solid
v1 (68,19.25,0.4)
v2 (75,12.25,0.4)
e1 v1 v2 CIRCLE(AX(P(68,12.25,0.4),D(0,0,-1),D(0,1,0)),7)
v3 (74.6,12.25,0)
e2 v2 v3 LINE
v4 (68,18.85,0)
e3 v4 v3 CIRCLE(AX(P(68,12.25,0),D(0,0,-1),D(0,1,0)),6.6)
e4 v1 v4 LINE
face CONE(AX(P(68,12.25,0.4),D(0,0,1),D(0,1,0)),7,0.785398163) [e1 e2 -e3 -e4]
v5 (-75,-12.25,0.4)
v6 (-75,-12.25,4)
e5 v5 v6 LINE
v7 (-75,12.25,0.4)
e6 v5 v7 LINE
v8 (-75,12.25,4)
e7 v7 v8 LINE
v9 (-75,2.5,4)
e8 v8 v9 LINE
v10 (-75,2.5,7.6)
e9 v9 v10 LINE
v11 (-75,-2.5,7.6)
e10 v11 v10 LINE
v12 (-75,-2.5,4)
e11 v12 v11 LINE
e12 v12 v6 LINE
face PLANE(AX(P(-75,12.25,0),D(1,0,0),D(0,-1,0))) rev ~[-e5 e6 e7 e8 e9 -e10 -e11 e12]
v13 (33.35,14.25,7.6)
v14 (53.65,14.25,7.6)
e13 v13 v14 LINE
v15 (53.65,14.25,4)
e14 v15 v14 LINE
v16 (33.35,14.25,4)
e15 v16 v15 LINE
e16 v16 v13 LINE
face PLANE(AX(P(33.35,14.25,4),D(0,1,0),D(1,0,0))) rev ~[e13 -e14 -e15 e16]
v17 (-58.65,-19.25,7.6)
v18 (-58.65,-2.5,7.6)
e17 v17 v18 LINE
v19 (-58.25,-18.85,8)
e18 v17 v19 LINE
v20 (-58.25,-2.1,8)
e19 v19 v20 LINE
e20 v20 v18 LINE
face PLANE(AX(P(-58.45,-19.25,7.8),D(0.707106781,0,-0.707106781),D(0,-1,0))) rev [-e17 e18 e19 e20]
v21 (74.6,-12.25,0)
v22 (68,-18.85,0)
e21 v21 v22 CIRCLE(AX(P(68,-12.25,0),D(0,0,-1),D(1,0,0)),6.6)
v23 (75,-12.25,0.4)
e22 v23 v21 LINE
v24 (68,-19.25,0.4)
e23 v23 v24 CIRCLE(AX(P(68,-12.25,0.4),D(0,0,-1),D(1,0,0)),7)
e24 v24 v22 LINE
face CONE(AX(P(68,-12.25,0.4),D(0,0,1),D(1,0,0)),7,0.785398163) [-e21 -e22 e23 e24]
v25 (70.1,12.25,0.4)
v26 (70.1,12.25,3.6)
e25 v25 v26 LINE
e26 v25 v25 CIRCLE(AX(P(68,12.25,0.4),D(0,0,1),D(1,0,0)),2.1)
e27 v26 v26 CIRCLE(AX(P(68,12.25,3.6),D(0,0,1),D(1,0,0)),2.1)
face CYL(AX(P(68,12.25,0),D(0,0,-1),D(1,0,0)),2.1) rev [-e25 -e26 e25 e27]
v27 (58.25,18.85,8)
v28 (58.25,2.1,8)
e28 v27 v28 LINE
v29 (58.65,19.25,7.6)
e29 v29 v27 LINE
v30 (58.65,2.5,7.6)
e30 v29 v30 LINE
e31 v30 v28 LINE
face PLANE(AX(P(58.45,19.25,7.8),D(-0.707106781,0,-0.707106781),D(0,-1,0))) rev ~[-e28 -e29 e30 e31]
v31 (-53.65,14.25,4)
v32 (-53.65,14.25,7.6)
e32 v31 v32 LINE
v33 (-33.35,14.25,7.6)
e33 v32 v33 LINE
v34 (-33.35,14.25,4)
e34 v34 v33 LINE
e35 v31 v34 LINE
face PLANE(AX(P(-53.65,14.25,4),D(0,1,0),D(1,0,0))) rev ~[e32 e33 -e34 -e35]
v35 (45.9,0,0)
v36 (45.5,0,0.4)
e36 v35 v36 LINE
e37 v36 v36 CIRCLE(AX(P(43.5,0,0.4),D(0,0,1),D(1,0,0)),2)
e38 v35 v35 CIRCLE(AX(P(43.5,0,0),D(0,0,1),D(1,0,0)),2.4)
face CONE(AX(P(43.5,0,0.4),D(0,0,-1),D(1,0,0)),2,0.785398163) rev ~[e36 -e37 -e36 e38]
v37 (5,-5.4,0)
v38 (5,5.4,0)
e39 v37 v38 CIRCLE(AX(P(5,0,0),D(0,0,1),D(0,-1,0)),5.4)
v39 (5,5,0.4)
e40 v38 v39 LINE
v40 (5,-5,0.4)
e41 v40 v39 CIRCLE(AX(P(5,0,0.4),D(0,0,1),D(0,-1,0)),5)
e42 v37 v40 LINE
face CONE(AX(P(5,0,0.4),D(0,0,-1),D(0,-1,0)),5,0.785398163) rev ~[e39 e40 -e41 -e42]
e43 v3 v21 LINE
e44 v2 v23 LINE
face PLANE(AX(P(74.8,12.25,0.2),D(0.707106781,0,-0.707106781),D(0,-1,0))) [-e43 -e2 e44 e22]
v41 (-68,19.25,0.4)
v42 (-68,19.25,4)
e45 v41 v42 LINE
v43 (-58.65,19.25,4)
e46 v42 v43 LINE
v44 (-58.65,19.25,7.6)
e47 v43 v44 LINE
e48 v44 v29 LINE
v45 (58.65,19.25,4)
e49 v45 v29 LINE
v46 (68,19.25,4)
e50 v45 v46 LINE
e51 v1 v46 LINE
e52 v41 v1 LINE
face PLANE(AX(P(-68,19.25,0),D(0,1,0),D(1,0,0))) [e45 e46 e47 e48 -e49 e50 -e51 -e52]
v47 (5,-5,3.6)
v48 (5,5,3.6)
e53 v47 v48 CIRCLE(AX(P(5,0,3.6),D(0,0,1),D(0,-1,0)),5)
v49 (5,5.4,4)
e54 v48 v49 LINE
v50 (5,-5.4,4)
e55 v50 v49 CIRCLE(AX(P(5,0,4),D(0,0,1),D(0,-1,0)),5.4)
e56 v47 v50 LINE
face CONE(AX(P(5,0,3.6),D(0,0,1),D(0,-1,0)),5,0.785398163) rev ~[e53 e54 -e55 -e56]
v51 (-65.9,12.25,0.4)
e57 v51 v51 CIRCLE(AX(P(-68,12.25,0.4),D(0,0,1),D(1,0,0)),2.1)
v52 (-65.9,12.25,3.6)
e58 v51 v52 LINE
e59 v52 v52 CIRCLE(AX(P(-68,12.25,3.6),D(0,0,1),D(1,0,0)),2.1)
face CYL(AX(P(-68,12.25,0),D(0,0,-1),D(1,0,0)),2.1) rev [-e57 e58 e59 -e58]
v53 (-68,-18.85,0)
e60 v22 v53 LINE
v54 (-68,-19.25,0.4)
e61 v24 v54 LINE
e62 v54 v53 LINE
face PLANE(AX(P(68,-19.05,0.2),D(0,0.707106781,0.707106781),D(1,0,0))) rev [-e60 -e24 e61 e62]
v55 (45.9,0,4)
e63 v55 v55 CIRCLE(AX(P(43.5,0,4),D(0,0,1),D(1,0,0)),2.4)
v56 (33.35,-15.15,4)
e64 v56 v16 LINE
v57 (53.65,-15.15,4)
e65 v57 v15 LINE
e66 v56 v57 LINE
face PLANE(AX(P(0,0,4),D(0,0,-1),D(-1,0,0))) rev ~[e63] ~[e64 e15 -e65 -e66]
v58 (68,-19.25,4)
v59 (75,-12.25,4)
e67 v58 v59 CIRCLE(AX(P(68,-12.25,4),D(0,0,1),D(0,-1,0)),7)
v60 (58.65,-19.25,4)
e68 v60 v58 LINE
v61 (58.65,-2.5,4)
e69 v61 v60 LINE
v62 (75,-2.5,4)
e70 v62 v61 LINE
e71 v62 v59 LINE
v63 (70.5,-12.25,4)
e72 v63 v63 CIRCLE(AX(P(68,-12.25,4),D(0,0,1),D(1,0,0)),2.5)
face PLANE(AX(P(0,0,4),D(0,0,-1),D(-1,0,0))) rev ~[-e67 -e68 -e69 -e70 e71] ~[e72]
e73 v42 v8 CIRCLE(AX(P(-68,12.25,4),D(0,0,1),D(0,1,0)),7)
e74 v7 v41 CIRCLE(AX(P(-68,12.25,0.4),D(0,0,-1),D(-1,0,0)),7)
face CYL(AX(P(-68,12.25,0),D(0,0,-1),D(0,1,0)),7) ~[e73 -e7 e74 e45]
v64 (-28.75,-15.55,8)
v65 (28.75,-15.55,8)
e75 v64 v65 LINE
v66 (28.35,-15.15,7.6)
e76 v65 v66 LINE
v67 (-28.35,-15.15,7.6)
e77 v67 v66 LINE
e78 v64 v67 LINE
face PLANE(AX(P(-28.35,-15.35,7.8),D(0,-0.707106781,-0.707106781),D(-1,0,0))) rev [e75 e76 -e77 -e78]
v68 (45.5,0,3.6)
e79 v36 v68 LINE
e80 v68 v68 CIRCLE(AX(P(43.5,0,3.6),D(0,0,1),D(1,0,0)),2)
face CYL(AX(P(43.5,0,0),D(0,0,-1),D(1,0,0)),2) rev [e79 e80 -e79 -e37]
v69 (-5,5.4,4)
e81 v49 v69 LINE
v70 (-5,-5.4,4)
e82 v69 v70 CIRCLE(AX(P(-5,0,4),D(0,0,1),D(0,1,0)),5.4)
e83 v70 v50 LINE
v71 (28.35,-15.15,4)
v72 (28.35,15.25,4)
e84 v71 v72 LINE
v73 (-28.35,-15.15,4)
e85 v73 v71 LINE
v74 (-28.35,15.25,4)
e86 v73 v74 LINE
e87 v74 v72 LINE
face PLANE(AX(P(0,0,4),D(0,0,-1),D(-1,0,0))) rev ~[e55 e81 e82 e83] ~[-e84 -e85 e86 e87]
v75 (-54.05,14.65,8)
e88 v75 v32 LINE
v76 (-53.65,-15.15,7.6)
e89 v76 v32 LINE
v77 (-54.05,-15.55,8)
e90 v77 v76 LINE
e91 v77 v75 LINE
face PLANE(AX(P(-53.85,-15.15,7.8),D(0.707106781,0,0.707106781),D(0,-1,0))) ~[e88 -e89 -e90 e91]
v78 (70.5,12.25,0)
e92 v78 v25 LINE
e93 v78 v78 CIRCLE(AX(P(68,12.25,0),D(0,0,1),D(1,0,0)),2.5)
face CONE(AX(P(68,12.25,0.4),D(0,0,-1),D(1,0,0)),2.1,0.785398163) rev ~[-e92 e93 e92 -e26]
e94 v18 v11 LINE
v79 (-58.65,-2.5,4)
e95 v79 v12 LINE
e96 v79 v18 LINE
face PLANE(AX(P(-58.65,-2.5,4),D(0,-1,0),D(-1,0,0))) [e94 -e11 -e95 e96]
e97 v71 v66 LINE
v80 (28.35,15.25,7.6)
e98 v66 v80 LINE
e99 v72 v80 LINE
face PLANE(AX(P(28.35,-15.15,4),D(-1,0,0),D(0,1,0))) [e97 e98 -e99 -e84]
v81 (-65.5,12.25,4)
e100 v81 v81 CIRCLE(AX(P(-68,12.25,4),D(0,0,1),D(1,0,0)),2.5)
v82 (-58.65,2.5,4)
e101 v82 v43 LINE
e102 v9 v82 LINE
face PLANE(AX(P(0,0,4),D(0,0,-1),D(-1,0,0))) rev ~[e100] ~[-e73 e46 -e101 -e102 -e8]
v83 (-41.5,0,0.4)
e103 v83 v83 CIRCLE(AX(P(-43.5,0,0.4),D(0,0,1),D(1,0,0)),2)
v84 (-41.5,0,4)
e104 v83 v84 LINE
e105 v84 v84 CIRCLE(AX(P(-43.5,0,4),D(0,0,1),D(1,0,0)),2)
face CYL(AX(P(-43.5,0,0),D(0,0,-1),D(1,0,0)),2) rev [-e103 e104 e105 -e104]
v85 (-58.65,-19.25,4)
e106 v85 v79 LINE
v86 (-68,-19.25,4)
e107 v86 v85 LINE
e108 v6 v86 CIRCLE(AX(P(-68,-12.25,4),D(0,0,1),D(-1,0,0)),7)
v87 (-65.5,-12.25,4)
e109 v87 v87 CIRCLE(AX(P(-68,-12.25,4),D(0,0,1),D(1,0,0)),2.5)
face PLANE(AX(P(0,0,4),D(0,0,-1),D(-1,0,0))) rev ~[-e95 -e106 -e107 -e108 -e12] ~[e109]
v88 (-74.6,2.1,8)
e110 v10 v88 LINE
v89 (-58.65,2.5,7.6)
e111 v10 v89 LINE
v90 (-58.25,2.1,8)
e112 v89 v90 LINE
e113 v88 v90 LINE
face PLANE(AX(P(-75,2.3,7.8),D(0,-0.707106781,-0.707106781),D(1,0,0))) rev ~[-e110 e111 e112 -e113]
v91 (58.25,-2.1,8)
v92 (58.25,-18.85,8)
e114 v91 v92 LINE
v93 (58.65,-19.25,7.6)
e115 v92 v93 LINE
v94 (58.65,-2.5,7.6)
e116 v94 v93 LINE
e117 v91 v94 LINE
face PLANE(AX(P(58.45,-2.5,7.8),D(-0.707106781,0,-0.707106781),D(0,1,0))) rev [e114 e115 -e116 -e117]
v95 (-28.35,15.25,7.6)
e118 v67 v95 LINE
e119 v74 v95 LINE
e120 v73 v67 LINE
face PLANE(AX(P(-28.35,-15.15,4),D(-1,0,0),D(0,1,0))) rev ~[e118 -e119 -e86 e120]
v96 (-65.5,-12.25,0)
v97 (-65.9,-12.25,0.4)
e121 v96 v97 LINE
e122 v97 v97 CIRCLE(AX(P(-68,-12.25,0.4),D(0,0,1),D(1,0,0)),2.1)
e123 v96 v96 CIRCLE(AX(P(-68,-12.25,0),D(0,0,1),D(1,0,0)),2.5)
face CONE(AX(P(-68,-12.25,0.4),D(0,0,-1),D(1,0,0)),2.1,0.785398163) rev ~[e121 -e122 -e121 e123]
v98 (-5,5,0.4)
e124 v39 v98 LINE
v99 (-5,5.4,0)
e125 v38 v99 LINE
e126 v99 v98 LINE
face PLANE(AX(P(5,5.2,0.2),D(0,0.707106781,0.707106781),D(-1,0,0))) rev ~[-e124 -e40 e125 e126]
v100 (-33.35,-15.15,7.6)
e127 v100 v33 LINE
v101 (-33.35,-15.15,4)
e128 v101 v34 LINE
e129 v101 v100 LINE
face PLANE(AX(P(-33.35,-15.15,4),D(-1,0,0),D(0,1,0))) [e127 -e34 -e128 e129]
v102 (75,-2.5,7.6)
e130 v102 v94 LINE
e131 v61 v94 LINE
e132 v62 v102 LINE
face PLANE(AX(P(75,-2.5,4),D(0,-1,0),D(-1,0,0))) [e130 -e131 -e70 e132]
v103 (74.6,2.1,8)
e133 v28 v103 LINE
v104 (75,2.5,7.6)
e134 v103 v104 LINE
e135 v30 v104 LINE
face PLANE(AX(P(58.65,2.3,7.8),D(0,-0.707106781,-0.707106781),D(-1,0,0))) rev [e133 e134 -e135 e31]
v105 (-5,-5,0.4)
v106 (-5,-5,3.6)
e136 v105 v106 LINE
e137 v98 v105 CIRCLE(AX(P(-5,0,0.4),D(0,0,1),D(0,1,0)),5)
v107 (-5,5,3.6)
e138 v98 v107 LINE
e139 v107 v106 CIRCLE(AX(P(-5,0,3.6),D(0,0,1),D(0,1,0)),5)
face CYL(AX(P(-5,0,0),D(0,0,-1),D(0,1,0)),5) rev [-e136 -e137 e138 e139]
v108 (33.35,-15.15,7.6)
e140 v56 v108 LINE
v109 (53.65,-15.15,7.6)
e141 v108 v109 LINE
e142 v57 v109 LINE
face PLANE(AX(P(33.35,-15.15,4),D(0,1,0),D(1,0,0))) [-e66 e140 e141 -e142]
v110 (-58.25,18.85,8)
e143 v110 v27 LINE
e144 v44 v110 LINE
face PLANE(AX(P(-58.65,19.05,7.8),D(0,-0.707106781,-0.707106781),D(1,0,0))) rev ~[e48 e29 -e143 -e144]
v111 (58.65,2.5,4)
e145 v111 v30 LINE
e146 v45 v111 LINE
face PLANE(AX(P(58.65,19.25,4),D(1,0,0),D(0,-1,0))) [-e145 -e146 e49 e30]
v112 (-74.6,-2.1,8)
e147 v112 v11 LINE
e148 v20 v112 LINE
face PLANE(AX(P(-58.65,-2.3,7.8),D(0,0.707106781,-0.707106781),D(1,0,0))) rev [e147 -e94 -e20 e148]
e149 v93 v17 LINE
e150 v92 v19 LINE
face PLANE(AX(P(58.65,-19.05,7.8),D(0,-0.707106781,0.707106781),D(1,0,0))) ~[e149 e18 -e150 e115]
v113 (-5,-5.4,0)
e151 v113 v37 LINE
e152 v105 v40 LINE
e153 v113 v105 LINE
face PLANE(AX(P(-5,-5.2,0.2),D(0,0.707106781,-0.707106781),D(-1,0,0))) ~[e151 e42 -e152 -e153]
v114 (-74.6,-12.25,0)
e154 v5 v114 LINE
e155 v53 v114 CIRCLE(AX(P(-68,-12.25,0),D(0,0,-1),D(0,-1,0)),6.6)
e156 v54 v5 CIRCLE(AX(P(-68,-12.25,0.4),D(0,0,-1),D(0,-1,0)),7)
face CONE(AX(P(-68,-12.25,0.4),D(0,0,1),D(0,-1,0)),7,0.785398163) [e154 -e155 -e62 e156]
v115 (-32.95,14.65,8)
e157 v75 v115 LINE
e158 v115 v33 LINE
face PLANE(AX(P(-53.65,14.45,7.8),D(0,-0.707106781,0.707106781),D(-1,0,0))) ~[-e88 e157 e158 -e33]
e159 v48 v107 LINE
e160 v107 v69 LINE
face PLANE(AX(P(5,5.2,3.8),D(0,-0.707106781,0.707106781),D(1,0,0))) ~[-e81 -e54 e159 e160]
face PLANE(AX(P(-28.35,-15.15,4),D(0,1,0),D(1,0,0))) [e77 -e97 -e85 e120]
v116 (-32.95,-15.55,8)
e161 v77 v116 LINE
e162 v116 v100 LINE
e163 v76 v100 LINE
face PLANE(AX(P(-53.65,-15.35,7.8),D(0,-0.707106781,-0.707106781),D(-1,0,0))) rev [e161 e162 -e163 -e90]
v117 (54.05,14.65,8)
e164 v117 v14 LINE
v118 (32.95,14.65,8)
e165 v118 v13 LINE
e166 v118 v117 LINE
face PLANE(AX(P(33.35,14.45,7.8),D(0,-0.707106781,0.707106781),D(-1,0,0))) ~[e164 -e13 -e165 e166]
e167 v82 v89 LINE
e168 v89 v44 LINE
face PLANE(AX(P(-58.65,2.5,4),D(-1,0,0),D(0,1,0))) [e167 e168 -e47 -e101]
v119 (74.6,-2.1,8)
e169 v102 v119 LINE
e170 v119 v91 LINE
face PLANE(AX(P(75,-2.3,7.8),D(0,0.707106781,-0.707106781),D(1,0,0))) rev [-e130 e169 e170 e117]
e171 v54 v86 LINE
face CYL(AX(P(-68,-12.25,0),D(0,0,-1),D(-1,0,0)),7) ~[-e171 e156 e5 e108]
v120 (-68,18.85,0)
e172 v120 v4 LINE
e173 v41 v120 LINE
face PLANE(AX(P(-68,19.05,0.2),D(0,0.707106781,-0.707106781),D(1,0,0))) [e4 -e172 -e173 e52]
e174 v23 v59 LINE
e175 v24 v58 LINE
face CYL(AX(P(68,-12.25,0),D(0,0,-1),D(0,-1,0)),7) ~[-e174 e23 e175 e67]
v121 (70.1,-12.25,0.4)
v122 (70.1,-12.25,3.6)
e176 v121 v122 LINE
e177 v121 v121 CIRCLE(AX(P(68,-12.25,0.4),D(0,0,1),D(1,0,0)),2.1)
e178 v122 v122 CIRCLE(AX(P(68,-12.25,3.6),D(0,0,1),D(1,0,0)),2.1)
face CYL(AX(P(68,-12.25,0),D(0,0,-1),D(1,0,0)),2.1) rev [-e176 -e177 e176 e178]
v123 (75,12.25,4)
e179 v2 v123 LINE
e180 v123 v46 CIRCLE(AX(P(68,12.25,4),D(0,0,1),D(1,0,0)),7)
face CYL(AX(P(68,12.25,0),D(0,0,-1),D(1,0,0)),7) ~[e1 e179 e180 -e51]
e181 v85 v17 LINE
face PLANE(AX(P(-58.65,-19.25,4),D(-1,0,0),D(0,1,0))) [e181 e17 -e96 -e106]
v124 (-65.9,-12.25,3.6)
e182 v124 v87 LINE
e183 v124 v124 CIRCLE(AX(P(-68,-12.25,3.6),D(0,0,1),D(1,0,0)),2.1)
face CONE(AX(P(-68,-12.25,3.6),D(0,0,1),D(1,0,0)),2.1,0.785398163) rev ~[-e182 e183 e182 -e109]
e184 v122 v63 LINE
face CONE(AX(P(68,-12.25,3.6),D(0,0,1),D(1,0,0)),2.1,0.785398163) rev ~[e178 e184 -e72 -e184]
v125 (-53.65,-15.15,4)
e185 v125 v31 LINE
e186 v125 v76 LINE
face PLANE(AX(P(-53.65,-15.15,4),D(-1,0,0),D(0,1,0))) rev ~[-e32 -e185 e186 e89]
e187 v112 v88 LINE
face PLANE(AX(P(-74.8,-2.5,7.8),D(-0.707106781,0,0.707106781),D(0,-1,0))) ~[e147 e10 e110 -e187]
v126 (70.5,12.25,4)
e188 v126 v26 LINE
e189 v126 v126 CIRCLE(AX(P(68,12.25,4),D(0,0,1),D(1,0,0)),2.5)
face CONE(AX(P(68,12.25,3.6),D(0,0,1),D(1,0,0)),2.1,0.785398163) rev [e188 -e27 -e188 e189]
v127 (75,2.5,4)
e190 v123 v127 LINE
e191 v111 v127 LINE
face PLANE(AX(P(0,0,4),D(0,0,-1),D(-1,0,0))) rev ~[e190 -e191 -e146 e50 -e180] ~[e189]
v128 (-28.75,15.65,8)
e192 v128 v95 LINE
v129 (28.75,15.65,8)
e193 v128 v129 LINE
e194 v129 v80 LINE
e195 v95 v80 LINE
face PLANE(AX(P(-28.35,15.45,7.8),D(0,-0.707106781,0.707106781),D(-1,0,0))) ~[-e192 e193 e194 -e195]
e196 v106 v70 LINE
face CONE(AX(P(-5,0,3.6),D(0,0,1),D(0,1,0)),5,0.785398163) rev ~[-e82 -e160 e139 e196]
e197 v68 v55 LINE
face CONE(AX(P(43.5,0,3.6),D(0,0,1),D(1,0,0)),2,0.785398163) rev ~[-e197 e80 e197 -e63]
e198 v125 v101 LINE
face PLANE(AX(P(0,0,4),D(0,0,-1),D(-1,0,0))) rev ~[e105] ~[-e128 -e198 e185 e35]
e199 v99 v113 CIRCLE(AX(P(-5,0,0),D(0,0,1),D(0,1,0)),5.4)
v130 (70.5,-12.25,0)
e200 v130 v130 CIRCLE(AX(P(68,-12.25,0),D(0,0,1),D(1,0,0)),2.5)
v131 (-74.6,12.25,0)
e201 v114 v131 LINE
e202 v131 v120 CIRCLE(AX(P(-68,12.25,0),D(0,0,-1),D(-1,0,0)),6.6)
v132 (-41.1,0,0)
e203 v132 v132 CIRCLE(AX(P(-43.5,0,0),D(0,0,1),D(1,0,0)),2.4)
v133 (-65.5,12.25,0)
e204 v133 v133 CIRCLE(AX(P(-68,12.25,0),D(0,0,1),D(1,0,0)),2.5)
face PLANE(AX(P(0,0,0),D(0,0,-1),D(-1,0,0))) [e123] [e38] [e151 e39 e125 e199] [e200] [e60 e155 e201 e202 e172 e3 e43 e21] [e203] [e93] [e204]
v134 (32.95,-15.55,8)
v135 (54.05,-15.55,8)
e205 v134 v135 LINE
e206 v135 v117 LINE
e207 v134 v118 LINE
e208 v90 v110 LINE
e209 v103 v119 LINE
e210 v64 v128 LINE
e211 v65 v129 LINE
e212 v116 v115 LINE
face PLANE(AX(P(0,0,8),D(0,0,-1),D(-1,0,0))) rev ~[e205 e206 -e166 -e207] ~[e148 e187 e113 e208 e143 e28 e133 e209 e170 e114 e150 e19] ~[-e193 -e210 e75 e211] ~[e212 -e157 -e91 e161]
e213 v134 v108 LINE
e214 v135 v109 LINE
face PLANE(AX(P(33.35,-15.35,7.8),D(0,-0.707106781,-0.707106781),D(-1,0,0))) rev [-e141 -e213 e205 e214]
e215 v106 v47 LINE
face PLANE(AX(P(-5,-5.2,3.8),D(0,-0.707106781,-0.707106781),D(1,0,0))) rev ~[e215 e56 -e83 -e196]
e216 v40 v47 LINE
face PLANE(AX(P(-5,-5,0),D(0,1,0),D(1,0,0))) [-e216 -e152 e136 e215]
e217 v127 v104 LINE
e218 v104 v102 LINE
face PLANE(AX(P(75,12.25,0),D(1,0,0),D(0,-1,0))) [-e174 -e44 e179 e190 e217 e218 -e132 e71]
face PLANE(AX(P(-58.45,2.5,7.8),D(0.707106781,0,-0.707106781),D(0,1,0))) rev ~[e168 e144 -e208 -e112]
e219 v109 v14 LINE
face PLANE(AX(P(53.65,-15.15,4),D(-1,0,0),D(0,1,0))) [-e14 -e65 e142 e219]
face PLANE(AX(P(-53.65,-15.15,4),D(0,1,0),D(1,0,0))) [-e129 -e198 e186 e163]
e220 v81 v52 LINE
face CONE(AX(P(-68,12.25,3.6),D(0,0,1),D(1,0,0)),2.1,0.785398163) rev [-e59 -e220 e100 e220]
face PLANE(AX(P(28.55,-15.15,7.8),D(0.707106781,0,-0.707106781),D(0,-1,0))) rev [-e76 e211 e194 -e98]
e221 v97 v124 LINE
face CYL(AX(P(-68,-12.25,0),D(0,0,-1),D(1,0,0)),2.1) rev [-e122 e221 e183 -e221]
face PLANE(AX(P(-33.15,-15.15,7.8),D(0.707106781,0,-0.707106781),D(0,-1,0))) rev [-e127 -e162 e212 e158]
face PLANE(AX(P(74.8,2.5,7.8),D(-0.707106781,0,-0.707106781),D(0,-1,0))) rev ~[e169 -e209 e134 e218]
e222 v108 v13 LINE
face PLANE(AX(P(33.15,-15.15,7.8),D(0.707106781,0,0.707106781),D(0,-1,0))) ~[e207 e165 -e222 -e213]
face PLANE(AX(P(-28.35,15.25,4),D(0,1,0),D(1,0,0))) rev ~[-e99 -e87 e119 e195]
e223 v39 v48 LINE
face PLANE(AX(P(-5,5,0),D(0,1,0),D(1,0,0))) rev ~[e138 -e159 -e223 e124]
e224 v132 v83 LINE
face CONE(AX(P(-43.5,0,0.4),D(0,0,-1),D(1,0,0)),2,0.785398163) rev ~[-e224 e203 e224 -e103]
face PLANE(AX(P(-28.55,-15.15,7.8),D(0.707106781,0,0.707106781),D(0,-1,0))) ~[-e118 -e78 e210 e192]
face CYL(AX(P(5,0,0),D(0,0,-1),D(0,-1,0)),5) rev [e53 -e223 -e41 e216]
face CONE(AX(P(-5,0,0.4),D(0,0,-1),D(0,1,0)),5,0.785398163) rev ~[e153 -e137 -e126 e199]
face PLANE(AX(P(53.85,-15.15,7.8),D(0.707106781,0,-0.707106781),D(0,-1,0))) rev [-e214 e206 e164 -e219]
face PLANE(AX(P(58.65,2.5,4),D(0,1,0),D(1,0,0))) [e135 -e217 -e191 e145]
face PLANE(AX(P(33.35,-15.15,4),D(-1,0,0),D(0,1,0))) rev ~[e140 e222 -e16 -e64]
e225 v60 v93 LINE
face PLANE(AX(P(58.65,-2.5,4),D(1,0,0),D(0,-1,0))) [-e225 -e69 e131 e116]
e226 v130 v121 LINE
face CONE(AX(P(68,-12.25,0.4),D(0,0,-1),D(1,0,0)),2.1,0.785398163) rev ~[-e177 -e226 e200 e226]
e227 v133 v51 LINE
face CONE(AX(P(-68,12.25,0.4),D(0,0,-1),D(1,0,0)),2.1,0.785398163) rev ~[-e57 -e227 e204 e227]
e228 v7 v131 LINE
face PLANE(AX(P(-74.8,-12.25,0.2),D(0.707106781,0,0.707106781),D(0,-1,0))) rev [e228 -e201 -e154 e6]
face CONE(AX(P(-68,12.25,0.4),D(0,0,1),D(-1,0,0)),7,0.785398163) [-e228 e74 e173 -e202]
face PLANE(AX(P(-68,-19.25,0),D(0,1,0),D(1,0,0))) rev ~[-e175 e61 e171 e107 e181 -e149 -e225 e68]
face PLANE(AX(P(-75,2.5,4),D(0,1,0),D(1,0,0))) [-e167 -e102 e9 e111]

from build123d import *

# Parameters (mm, degrees)
SKETCH009_R     = 2.1
SKETCH009_R_2   = 2
PAD003_DEPTH    = 4
SKETCH010_W     = 20.3
SKETCH010_H     = 29.4
SKETCH010_W_2   = 56.7
SKETCH010_H_2   = 30.4
PAD004_DEPTH    = 4
CHAMFER003_SIZE = 0.4


with BuildPart() as part:
    # Sketch009 → Pad003 (new body)
    with BuildSketch(Plane.XY):
        with BuildLine():
            Line((-68, 19.25), (68, 19.25))
            ThreePointArc((75, 12.25), (72.9497474683, 17.1997474683), (68, 19.25))
            Line((75, 12.25), (75, -12.25))
            ThreePointArc((68, -19.25), (72.9497474683, -17.1997474683), (75, -12.25))
            Line((-68, -19.25), (68, -19.25))
            ThreePointArc((-75, -12.25), (-72.9497474683, -17.1997474683), (-68, -19.25))
            Line((-75, 12.25), (-75, -12.25))
            ThreePointArc((-68, 19.25), (-72.9497474683, 17.1997474683), (-75, 12.25))
        make_face()
        with Locations((-68, 12.25)):
            Circle(SKETCH009_R, mode=Mode.SUBTRACT)
        with Locations((-68, -12.25)):
            Circle(SKETCH009_R, mode=Mode.SUBTRACT)
        with Locations((68, 12.25)):
            Circle(SKETCH009_R, mode=Mode.SUBTRACT)
        with Locations((68, -12.25)):
            Circle(SKETCH009_R, mode=Mode.SUBTRACT)
        with Locations((-43.5, 0)):
            Circle(SKETCH009_R_2, mode=Mode.SUBTRACT)
        with Locations((43.5, 0)):
            Circle(SKETCH009_R_2, mode=Mode.SUBTRACT)
        with BuildLine():
            ThreePointArc((-5, 5), (-10, 0), (-5, -5))
            Line((-5, -5), (5, -5))
            ThreePointArc((5, -5), (10, 0), (5, 5))
            Line((-5, 5), (5, 5))
        make_face(mode=Mode.SUBTRACT)
    extrude(amount=PAD003_DEPTH)

    # Sketch010 (on Face20 of Pad003) → Pad004 (join)
    with BuildSketch(Plane.XY.offset(4)):
        Polygon((-58.65, 19.25), (58.65, 19.25), (58.65, 2.5), (75, 2.5), (75, -2.5), (58.65, -2.5), (58.65, -19.25), (-58.65, -19.25), (-58.65, -2.5), (-75, -2.5), (-75, 2.5), (-58.65, 2.5), align=None)
        with Locations((-43.5, -0.45)):
            Rectangle(SKETCH010_W, SKETCH010_H, mode=Mode.SUBTRACT)
        with Locations((43.5, -0.45)):
            Rectangle(SKETCH010_W, SKETCH010_H, mode=Mode.SUBTRACT)
        with Locations((0, 0.05)):
            Rectangle(SKETCH010_W_2, SKETCH010_H_2, mode=Mode.SUBTRACT)
    extrude(amount=PAD004_DEPTH)

    # Chamfer003
    chamfer003_edges = [part.edges().sort_by_distance(p)[0] for p in [
        (0, 19.25, 0),
        (72.949747, 17.199747, 0),
        (75, 0, 0),
        (72.949747, -17.199747, 0),
        (0, -19.25, 0),
        (-72.949747, -17.199747, 0),
        (-75, 0, 0),
        (-72.949747, 17.199747, 0),
        (-10, 0, 0),
        (0, -5, 0),
        (10, 0, 0),
        (0, 5, 0),
        (65.9, -12.25, 0),
        (65.9, 12.25, 0),
        (-70.1, -12.25, 0),
        (-70.1, 12.25, 0),
        (41.5, 0, 0),
        (-45.5, 0, 0),
        (-58.65, 10.875, 8),
        (0, 19.25, 8),
        (58.65, 10.875, 8),
        (66.825, 2.5, 8),
        (75, 0, 8),
        (66.825, -2.5, 8),
        (58.65, -10.875, 8),
        (0, -19.25, 8),
        (-58.65, -10.875, 8),
        (-66.825, -2.5, 8),
        (-75, 0, 8),
        (-66.825, 2.5, 8),
        (-28.35, 0.05, 8),
        (0, -15.15, 8),
        (28.35, 0.05, 8),
        (0, 15.25, 8),
        (33.35, -0.45, 8),
        (43.5, -15.15, 8),
        (53.65, -0.45, 8),
        (43.5, 14.25, 8),
        (-53.65, -0.45, 8),
        (-43.5, -15.15, 8),
        (-33.35, -0.45, 8),
        (-43.5, 14.25, 8),
        (-70.1, -12.25, 4),
        (-10, 0, 4),
        (0, 5, 4),
        (10, 0, 4),
        (0, -5, 4),
        (41.5, 0, 4),
        (65.9, -12.25, 4),
        (65.9, 12.25, 4),
        (-70.1, 12.25, 4),
    ]]
    chamfer(chamfer003_edges, length=CHAMFER003_SIZE)


solid = part.part
